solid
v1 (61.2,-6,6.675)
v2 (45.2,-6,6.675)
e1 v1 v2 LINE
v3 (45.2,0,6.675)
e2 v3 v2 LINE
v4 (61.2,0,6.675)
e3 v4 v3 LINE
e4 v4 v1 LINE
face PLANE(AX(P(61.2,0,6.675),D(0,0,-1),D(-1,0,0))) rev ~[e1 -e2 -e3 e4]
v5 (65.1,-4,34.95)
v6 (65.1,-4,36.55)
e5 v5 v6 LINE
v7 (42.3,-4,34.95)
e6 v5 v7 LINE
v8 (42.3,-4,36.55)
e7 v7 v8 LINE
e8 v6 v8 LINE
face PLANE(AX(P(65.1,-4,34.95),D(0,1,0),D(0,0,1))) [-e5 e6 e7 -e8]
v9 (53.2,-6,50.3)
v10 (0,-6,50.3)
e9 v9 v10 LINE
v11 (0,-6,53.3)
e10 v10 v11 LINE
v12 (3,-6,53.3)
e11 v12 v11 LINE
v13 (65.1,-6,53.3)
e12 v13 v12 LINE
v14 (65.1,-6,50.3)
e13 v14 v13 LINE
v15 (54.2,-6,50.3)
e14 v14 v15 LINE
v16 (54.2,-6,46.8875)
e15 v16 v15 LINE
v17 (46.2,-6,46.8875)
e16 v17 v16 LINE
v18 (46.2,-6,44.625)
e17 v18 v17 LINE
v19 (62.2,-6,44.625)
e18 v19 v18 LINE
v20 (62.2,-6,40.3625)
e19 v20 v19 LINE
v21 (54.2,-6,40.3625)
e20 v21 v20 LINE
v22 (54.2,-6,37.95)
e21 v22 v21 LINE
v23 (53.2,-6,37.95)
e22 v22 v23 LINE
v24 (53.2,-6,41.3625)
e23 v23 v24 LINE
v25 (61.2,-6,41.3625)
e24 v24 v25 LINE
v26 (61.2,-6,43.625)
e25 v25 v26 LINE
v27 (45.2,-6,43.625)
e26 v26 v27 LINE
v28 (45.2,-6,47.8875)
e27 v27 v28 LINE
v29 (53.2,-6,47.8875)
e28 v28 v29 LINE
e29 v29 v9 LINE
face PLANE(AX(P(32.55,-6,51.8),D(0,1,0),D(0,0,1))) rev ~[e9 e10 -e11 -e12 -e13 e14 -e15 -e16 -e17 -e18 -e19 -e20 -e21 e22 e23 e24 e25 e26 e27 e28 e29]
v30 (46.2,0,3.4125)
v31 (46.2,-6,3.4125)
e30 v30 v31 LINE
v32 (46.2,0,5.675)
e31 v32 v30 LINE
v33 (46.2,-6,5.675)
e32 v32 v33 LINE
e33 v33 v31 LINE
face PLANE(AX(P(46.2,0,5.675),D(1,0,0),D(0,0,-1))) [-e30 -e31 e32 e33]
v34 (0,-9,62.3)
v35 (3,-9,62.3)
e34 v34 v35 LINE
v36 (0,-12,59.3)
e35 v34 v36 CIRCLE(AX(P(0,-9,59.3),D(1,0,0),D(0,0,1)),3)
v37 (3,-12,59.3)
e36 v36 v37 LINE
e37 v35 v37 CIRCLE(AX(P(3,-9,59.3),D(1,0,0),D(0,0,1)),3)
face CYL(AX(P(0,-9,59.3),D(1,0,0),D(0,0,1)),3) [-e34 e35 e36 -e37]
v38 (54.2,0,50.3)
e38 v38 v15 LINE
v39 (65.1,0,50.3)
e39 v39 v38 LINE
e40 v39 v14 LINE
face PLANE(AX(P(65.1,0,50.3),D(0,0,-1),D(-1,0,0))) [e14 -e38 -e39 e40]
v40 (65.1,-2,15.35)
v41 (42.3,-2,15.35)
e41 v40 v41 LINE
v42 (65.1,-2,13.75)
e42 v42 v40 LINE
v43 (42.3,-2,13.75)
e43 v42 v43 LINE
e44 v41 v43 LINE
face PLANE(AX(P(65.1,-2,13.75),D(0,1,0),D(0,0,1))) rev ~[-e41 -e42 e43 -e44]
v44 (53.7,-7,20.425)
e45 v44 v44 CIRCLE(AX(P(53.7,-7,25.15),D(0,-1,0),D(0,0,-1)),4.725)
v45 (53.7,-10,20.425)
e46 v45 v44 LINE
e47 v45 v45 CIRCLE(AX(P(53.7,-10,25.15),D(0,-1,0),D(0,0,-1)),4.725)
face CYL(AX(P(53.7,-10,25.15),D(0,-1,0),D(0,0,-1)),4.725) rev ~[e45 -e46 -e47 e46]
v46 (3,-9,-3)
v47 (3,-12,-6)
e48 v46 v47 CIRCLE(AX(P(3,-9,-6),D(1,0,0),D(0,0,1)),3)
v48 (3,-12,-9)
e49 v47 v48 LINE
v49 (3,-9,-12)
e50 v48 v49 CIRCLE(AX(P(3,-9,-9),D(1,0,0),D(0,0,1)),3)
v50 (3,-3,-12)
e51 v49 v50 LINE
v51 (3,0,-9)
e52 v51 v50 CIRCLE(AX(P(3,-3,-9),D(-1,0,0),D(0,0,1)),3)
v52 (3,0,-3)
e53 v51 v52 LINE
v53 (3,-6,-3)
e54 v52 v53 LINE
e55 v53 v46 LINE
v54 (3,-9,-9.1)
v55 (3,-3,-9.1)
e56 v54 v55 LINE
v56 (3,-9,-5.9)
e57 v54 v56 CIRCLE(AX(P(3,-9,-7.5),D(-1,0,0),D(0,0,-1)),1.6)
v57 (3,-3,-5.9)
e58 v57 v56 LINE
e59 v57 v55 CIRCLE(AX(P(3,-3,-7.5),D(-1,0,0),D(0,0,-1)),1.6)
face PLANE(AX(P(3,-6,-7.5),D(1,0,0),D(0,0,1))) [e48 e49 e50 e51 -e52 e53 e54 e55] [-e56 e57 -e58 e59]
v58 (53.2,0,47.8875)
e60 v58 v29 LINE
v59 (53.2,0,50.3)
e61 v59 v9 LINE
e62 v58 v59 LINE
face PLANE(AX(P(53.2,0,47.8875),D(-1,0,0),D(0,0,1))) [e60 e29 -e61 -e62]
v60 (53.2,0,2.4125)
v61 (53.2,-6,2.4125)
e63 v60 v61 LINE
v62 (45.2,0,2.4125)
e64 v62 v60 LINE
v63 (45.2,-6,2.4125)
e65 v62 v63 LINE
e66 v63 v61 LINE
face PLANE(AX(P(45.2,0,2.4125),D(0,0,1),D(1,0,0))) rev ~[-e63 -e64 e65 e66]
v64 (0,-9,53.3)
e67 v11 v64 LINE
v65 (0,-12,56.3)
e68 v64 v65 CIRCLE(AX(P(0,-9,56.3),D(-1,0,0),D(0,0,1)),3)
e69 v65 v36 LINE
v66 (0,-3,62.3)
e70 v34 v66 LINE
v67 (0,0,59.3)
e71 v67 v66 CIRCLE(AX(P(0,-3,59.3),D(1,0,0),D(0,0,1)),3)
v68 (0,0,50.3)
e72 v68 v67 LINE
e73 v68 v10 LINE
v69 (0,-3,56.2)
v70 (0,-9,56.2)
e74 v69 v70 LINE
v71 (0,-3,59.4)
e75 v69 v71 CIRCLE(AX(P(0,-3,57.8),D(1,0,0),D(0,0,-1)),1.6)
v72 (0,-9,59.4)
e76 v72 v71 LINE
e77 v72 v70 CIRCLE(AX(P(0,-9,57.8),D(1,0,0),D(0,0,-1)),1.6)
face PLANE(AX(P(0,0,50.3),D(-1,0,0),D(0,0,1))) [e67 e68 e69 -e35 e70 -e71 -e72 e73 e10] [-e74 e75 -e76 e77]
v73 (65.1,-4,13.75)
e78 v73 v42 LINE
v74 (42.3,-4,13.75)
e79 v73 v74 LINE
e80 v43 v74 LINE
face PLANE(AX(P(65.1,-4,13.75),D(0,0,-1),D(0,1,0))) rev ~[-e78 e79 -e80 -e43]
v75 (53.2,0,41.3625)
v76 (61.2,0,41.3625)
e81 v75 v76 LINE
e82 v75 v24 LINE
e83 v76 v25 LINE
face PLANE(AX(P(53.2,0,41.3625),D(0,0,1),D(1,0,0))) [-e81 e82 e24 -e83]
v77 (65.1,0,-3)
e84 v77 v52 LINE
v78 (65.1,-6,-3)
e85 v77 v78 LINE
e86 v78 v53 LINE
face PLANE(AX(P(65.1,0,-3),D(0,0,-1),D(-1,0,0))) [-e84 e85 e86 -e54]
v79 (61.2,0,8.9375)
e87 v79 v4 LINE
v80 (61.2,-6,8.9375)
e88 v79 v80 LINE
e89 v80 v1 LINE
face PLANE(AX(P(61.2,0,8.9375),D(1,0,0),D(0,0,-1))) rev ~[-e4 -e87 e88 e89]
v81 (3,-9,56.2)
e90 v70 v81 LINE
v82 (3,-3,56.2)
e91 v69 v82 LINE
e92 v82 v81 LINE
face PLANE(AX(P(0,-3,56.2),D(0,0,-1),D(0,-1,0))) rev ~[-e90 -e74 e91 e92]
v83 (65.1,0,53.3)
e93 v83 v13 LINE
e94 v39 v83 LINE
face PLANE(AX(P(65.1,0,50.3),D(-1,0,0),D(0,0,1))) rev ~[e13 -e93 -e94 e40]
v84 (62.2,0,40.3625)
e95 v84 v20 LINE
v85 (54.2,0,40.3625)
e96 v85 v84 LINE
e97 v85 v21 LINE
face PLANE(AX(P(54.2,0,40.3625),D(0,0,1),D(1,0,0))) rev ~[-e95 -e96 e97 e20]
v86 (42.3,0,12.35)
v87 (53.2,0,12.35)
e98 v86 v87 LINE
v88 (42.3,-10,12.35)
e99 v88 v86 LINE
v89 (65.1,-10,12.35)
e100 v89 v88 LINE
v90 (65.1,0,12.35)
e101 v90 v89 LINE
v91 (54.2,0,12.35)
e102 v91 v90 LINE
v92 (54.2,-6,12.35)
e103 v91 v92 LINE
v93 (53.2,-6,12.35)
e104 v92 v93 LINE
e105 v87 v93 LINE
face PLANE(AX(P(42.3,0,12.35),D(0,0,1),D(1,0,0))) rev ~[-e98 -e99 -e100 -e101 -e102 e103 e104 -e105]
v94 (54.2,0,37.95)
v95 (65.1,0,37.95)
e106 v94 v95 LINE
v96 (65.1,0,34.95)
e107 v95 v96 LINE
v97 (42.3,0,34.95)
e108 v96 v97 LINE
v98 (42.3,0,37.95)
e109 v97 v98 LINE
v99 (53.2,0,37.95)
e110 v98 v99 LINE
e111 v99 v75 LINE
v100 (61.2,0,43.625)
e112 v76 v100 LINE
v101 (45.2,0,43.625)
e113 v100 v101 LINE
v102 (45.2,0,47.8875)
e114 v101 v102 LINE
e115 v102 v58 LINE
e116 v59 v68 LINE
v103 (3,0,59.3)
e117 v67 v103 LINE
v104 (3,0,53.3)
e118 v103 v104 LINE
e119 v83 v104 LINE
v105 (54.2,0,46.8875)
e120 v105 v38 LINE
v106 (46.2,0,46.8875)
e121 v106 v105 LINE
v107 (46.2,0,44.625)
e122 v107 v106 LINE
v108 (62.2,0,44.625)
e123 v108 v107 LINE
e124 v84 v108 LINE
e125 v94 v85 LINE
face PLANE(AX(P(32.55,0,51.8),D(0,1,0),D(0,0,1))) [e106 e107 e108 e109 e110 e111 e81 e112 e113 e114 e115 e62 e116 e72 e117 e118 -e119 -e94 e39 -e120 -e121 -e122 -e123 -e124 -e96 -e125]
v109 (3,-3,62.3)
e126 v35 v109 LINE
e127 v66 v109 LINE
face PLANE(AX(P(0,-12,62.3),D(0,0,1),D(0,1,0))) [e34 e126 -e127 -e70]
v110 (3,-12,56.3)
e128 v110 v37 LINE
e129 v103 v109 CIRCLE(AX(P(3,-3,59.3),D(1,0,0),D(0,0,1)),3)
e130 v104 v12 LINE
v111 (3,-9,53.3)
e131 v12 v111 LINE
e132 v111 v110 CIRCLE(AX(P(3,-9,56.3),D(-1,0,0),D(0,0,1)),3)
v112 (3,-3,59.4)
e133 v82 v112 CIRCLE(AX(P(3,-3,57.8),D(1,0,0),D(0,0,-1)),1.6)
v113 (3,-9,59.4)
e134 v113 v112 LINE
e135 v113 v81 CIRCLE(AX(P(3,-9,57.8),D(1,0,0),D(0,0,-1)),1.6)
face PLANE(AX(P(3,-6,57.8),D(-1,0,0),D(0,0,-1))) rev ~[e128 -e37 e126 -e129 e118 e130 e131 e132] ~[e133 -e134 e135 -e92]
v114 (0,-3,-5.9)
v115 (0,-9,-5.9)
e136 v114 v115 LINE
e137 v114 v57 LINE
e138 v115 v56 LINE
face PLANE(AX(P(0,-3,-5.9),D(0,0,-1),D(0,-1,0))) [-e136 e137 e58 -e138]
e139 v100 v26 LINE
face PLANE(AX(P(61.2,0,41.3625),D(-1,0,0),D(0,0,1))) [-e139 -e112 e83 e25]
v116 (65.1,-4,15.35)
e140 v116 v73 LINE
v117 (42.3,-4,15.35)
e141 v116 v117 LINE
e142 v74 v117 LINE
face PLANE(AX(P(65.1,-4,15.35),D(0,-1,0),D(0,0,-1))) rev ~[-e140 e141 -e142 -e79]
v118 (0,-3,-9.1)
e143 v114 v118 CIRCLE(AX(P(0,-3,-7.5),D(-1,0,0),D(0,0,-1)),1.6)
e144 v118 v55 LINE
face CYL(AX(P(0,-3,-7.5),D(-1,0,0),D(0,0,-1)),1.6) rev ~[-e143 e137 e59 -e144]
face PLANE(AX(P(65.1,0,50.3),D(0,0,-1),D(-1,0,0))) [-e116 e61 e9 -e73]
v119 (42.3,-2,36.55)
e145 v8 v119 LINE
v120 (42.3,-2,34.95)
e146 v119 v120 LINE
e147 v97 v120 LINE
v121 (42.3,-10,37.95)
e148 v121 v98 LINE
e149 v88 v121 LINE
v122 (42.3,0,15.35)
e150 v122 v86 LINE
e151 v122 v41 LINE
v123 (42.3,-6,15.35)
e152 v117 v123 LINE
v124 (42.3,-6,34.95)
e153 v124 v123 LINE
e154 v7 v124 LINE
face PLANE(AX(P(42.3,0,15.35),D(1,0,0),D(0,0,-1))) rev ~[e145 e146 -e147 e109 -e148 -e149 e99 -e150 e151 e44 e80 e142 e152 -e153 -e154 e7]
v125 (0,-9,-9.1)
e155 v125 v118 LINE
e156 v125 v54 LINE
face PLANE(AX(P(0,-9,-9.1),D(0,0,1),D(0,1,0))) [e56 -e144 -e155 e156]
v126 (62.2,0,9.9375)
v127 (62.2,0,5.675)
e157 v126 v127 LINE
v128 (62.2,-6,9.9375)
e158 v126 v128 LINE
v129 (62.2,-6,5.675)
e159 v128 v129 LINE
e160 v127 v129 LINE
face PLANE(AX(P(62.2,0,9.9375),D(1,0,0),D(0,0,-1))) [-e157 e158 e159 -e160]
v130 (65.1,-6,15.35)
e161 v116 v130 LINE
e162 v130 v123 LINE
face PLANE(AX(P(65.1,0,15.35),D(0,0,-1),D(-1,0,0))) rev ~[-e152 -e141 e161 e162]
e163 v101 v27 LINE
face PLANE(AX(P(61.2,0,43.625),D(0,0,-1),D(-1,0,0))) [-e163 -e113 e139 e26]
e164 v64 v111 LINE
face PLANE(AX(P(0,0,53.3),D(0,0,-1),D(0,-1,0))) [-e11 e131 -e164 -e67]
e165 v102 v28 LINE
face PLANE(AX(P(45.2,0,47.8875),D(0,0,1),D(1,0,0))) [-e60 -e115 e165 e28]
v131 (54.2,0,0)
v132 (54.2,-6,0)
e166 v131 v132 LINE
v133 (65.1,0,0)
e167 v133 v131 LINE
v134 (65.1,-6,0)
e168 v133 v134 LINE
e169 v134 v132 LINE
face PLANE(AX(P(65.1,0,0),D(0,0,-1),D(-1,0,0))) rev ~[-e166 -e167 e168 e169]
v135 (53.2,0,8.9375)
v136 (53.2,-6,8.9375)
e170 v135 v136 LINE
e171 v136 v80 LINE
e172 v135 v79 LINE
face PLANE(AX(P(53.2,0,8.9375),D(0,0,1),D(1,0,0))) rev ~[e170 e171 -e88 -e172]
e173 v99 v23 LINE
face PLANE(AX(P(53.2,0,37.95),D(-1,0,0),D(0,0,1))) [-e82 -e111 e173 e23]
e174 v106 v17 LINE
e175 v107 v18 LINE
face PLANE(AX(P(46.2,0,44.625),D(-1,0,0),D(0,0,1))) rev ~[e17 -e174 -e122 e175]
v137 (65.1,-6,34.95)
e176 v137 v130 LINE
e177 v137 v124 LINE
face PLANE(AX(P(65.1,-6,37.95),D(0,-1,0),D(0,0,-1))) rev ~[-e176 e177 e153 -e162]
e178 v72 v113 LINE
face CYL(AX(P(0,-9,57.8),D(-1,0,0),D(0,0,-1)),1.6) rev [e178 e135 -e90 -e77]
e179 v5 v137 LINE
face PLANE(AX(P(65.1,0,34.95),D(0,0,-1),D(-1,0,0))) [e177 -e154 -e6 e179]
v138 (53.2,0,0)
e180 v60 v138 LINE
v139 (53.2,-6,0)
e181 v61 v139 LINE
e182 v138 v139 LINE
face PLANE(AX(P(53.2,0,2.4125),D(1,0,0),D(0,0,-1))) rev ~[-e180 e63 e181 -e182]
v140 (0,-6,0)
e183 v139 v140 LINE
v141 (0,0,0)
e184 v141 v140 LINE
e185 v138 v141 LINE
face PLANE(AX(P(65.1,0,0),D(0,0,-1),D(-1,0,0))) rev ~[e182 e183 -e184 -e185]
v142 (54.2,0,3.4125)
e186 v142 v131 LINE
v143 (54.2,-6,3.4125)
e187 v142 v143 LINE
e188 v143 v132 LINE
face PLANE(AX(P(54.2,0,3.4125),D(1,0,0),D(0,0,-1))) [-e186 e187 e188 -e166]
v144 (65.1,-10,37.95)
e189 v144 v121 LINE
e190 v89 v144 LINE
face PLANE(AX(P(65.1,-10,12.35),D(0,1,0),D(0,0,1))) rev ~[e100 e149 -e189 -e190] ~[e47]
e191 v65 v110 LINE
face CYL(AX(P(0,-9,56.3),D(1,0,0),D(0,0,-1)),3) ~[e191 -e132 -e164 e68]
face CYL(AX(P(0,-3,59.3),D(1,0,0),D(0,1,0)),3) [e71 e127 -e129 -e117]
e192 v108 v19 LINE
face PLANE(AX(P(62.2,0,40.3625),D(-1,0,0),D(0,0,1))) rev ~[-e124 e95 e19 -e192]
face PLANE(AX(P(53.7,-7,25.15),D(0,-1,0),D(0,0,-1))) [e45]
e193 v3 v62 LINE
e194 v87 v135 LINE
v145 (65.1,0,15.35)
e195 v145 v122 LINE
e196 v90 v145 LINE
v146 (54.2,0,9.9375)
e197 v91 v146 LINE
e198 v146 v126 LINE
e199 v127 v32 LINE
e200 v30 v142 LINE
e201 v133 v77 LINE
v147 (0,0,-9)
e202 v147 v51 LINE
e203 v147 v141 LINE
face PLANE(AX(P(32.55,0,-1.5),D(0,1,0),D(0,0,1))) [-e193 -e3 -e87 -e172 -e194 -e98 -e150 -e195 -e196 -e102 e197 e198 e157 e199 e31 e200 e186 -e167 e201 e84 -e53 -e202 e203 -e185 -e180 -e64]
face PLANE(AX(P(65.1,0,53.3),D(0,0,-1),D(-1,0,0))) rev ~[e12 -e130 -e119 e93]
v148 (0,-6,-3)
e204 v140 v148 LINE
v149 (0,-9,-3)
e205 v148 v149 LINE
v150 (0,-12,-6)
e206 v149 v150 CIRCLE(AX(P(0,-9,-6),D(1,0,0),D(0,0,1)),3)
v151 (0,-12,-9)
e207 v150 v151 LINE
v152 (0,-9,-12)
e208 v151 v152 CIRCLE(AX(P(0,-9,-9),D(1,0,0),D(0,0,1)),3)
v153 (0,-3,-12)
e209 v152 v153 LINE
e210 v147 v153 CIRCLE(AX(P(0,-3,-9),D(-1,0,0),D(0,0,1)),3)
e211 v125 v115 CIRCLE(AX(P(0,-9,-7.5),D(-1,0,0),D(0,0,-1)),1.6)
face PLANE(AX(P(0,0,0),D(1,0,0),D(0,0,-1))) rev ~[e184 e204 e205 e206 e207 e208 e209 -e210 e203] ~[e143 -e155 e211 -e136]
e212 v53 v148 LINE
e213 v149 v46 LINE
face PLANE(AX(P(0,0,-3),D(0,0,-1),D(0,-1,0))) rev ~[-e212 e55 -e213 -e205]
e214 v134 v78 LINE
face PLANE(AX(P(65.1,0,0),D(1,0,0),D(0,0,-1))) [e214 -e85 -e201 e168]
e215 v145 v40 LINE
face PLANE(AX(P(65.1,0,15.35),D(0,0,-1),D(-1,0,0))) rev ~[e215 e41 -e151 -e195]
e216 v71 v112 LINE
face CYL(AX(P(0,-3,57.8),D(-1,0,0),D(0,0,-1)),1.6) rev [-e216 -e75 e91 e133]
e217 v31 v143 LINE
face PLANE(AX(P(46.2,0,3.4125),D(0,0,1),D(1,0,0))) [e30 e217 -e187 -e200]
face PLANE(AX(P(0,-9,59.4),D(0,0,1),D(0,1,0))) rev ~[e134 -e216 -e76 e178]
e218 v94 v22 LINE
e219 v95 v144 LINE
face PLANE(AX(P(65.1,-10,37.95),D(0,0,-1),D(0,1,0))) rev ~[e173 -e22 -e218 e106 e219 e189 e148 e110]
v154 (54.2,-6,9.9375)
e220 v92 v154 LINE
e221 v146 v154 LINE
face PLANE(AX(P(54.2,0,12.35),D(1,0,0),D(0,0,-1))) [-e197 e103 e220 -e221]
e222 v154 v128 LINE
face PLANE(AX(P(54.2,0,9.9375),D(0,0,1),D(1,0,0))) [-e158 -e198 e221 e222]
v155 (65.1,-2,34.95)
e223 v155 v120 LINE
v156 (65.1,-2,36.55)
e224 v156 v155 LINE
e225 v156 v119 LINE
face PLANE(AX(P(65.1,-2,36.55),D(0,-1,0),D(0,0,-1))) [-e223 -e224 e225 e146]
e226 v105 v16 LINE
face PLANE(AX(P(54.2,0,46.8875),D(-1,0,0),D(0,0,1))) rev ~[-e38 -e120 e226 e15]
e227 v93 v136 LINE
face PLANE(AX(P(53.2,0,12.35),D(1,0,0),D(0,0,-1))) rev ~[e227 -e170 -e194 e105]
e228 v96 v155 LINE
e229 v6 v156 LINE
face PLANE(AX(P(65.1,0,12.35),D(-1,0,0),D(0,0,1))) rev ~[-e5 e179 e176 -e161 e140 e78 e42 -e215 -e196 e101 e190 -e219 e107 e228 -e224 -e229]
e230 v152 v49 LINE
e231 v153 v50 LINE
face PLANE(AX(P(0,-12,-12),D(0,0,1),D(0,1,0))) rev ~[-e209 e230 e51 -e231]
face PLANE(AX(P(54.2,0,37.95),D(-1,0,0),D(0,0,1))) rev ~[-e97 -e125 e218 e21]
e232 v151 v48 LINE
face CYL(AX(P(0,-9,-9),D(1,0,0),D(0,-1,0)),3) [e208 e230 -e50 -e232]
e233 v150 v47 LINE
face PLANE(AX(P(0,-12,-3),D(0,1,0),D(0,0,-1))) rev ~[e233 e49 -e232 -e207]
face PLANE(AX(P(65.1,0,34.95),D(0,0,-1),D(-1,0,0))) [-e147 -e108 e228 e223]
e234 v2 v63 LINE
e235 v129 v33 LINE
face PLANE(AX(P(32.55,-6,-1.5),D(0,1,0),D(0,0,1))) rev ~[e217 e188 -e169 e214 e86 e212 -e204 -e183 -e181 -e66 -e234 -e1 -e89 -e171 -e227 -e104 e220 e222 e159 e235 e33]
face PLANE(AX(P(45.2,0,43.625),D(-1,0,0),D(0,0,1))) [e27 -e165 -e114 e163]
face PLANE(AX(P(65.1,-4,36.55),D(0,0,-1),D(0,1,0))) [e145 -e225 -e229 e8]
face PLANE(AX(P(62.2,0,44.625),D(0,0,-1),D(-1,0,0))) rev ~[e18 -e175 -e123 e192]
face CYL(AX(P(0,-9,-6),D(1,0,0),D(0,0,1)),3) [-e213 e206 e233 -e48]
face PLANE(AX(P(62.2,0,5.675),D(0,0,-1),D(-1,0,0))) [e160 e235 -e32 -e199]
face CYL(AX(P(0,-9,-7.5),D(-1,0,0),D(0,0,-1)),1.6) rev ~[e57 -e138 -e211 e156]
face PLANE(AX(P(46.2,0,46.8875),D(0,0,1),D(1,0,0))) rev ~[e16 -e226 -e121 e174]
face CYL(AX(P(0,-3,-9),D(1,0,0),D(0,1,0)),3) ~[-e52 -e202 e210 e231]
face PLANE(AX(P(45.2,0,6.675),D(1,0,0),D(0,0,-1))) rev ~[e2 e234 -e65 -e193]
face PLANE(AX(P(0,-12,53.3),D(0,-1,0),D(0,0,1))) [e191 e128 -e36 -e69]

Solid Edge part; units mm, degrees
sketch "Sketch1" plane through (0, 0, 0) normal (0, -1, 0) x (1, 0, 0)
  line L0 (65.1, -3) -> (0, -3)
  line L1 (0, 0) -> (0, -3)
  line L2 (65.1, 0) -> (0, 0)
  line L3 (65.1, 0) -> (65.1, -3)
  line L4 (61.2, 8.9375) -> (61.2, 6.675)
  line L5 (61.2, 6.675) -> (45.2, 6.675)
  line L6 (45.2, 6.675) -> (45.2, 2.4125)
  line L7 (45.2, 2.4125) -> (53.2, 2.4125)
  line L8 (53.2, 2.4125) -> (53.2, 0)
  line L9 (54.2, 0) -> (53.2, 0)
  line L10 (54.2, 3.4125) -> (54.2, 0)
  line L11 (46.2, 3.4125) -> (54.2, 3.4125)
  line L12 (46.2, 5.675) -> (46.2, 3.4125)
  line L13 (62.2, 5.675) -> (46.2, 5.675)
  line L14 (62.2, 9.9375) -> (62.2, 5.675)
  line L15 (54.2, 9.9375) -> (62.2, 9.9375)
  line L16 (54.2, 12.35) -> (54.2, 9.9375)
  line L17 (54.2, 12.35) -> (53.2, 12.35)
  line L18 (53.2, 12.35) -> (53.2, 8.9375)
  line L19 (53.2, 8.9375) -> (61.2, 8.9375)
  line L20 (65.1, 15.35) -> (42.3, 15.35)
  line L21 (42.3, 15.35) -> (42.3, 12.35)
  line L22 (42.3, 12.35) -> (65.1, 12.35)
  line L23 (65.1, 12.35) -> (65.1, 15.35)
  line L24 (65.1, 34.95) -> (42.3, 34.95)
  line L25 (42.3, 34.95) -> (42.3, 37.95)
  line L26 (42.3, 37.95) -> (65.1, 37.95)
  line L27 (65.1, 37.95) -> (65.1, 34.95)
  line L28 (54.2, 37.95) -> (54.2, 40.3625)
  line L29 (54.2, 40.3625) -> (62.2, 40.3625)
  line L30 (62.2, 40.3625) -> (62.2, 44.625)
  line L31 (62.2, 44.625) -> (46.2, 44.625)
  line L32 (46.2, 44.625) -> (46.2, 46.8875)
  line L33 (46.2, 46.8875) -> (54.2, 46.8875)
  line L34 (54.2, 46.8875) -> (54.2, 50.3)
  line L35 (54.2, 50.3) -> (53.2, 50.3)
  line L36 (53.2, 47.8875) -> (53.2, 50.3)
  line L37 (45.2, 47.8875) -> (53.2, 47.8875)
  line L38 (45.2, 43.625) -> (45.2, 47.8875)
  line L39 (61.2, 43.625) -> (45.2, 43.625)
  line L40 (61.2, 41.3625) -> (61.2, 43.625)
  line L41 (53.2, 41.3625) -> (61.2, 41.3625)
  line L42 (53.2, 37.95) -> (53.2, 41.3625)
  line L43 (54.2, 37.95) -> (53.2, 37.95)
  line L44 (65.1, 50.3) -> (0, 50.3)
  line L45 (0, 50.3) -> (0, 53.3)
  line L46 (65.1, 53.3) -> (0, 53.3)
  line L47 (65.1, 50.3) -> (65.1, 53.3)
  dimension "D1" = 3
  dimension "D2" = 65.1
  dimension "D3" = 25.15
  dimension "D4" = 22.8
  dimension "D5" = 3
  dimension "D6" = 12.35
  dimension "D7" = 2.9125
  dimension "D8" = 8
  dimension "D9" = 0.5
  dimension "D10" = 0.5
extrude "Protrusion1" add sketch "Sketch1" along normal blind 6
sketch "Sketch2" plane through (65.1, -3, 13.15) normal (1, 0, 0) x (0, 0, -1)
  line L0 (-2.2, -1) -> (-2.2, 1)
  line L1 (-0.6, 1) -> (-2.2, 1)
  line L2 (-0.6, -1) -> (-0.6, 1)
  line L3 (-2.2, -1) -> (-0.6, -1)
  line L4 (-21.8, -1) -> (-23.4, -1)
  line L5 (-23.4, -1) -> (-23.4, 1)
  line L6 (-23.4, 1) -> (-21.8, 1)
  line L7 (-21.8, -1) -> (-21.8, 1)
extrude "Cutout1" cut sketch "Sketch2" against normal up to next
sketch "Sketch3" plane through (0, -3, 51.8) normal (-1, 0, 0) x (0, 0, -1)
  line L0 (-7.6, 6) -> (-7.6, 0)
  arc A0 (-4.4, 0) -> (-7.6, 0) centre (-6, 0) cw
  line L1 (-4.4, 0) -> (-4.4, 6)
  arc A1 (-7.6, 6) -> (-4.4, 6) centre (-6, 6) cw
  line L2 (-1.5, -3) -> (-1.5, 9)
  line L3 (-1.5, 9) -> (-10.5, 9)
  line L4 (-10.5, 9) -> (-10.5, -3)
  line L5 (-10.5, -3) -> (-1.5, -3)
  line L6 (54.8, -3) -> (54.8, 9)
  line L7 (54.8, 9) -> (63.8, 9)
  line L8 (63.8, 9) -> (63.8, -3)
  line L9 (63.8, -3) -> (54.8, -3)
  arc A2 (60.9, 6) -> (57.7, 6) centre (59.3, 6) ccw
  line L10 (57.7, 0) -> (57.7, 6)
  arc A3 (57.7, 0) -> (60.9, 0) centre (59.3, 0) ccw
  line L11 (60.9, 6) -> (60.9, 0)
  dimension "D1" = 9
  dimension "D2" = 3.2
  dimension "D3" = 3
  dimension "D4" = 3
  dimension "D5" = 12
extrude "ProtrusiónExtruida_4" add sketch "Sketch3" against normal blind 3
fillet "Redondeo_2" radius 3 6 edges at (1.5, -12, -3) (1.5, -12, -12) (1.5, 0, -12) (1.5, -12, 53.3) (1.5, -12, 62.3) (1.5, 0, 62.3)
sketch "Sketch4" plane through (65.1, -3, 13.85) normal (1, 0, 0) x (0, -1, 0)
  line L0 (7, 1.5) -> (7, -24.1)
  line L1 (7, -24.1) -> (3, -24.1)
  line L2 (3, -24.1) -> (3, 1.5)
  line L3 (3, 1.5) -> (7, 1.5)
extrude "ProtrusiónExtruida_5" add sketch "Sketch4" against normal blind 22.8
sketch "Sketch5" plane through (53.7, -10, 25.15) normal (0, -1, 0) x (0, 0, -1)
  circle A0 centre (0, 0) radius 4.725
extrude "VaciadoExtruido_7" cut sketch "Sketch5" against normal blind 3
fillet "Redondeo_3" [suppressed]
